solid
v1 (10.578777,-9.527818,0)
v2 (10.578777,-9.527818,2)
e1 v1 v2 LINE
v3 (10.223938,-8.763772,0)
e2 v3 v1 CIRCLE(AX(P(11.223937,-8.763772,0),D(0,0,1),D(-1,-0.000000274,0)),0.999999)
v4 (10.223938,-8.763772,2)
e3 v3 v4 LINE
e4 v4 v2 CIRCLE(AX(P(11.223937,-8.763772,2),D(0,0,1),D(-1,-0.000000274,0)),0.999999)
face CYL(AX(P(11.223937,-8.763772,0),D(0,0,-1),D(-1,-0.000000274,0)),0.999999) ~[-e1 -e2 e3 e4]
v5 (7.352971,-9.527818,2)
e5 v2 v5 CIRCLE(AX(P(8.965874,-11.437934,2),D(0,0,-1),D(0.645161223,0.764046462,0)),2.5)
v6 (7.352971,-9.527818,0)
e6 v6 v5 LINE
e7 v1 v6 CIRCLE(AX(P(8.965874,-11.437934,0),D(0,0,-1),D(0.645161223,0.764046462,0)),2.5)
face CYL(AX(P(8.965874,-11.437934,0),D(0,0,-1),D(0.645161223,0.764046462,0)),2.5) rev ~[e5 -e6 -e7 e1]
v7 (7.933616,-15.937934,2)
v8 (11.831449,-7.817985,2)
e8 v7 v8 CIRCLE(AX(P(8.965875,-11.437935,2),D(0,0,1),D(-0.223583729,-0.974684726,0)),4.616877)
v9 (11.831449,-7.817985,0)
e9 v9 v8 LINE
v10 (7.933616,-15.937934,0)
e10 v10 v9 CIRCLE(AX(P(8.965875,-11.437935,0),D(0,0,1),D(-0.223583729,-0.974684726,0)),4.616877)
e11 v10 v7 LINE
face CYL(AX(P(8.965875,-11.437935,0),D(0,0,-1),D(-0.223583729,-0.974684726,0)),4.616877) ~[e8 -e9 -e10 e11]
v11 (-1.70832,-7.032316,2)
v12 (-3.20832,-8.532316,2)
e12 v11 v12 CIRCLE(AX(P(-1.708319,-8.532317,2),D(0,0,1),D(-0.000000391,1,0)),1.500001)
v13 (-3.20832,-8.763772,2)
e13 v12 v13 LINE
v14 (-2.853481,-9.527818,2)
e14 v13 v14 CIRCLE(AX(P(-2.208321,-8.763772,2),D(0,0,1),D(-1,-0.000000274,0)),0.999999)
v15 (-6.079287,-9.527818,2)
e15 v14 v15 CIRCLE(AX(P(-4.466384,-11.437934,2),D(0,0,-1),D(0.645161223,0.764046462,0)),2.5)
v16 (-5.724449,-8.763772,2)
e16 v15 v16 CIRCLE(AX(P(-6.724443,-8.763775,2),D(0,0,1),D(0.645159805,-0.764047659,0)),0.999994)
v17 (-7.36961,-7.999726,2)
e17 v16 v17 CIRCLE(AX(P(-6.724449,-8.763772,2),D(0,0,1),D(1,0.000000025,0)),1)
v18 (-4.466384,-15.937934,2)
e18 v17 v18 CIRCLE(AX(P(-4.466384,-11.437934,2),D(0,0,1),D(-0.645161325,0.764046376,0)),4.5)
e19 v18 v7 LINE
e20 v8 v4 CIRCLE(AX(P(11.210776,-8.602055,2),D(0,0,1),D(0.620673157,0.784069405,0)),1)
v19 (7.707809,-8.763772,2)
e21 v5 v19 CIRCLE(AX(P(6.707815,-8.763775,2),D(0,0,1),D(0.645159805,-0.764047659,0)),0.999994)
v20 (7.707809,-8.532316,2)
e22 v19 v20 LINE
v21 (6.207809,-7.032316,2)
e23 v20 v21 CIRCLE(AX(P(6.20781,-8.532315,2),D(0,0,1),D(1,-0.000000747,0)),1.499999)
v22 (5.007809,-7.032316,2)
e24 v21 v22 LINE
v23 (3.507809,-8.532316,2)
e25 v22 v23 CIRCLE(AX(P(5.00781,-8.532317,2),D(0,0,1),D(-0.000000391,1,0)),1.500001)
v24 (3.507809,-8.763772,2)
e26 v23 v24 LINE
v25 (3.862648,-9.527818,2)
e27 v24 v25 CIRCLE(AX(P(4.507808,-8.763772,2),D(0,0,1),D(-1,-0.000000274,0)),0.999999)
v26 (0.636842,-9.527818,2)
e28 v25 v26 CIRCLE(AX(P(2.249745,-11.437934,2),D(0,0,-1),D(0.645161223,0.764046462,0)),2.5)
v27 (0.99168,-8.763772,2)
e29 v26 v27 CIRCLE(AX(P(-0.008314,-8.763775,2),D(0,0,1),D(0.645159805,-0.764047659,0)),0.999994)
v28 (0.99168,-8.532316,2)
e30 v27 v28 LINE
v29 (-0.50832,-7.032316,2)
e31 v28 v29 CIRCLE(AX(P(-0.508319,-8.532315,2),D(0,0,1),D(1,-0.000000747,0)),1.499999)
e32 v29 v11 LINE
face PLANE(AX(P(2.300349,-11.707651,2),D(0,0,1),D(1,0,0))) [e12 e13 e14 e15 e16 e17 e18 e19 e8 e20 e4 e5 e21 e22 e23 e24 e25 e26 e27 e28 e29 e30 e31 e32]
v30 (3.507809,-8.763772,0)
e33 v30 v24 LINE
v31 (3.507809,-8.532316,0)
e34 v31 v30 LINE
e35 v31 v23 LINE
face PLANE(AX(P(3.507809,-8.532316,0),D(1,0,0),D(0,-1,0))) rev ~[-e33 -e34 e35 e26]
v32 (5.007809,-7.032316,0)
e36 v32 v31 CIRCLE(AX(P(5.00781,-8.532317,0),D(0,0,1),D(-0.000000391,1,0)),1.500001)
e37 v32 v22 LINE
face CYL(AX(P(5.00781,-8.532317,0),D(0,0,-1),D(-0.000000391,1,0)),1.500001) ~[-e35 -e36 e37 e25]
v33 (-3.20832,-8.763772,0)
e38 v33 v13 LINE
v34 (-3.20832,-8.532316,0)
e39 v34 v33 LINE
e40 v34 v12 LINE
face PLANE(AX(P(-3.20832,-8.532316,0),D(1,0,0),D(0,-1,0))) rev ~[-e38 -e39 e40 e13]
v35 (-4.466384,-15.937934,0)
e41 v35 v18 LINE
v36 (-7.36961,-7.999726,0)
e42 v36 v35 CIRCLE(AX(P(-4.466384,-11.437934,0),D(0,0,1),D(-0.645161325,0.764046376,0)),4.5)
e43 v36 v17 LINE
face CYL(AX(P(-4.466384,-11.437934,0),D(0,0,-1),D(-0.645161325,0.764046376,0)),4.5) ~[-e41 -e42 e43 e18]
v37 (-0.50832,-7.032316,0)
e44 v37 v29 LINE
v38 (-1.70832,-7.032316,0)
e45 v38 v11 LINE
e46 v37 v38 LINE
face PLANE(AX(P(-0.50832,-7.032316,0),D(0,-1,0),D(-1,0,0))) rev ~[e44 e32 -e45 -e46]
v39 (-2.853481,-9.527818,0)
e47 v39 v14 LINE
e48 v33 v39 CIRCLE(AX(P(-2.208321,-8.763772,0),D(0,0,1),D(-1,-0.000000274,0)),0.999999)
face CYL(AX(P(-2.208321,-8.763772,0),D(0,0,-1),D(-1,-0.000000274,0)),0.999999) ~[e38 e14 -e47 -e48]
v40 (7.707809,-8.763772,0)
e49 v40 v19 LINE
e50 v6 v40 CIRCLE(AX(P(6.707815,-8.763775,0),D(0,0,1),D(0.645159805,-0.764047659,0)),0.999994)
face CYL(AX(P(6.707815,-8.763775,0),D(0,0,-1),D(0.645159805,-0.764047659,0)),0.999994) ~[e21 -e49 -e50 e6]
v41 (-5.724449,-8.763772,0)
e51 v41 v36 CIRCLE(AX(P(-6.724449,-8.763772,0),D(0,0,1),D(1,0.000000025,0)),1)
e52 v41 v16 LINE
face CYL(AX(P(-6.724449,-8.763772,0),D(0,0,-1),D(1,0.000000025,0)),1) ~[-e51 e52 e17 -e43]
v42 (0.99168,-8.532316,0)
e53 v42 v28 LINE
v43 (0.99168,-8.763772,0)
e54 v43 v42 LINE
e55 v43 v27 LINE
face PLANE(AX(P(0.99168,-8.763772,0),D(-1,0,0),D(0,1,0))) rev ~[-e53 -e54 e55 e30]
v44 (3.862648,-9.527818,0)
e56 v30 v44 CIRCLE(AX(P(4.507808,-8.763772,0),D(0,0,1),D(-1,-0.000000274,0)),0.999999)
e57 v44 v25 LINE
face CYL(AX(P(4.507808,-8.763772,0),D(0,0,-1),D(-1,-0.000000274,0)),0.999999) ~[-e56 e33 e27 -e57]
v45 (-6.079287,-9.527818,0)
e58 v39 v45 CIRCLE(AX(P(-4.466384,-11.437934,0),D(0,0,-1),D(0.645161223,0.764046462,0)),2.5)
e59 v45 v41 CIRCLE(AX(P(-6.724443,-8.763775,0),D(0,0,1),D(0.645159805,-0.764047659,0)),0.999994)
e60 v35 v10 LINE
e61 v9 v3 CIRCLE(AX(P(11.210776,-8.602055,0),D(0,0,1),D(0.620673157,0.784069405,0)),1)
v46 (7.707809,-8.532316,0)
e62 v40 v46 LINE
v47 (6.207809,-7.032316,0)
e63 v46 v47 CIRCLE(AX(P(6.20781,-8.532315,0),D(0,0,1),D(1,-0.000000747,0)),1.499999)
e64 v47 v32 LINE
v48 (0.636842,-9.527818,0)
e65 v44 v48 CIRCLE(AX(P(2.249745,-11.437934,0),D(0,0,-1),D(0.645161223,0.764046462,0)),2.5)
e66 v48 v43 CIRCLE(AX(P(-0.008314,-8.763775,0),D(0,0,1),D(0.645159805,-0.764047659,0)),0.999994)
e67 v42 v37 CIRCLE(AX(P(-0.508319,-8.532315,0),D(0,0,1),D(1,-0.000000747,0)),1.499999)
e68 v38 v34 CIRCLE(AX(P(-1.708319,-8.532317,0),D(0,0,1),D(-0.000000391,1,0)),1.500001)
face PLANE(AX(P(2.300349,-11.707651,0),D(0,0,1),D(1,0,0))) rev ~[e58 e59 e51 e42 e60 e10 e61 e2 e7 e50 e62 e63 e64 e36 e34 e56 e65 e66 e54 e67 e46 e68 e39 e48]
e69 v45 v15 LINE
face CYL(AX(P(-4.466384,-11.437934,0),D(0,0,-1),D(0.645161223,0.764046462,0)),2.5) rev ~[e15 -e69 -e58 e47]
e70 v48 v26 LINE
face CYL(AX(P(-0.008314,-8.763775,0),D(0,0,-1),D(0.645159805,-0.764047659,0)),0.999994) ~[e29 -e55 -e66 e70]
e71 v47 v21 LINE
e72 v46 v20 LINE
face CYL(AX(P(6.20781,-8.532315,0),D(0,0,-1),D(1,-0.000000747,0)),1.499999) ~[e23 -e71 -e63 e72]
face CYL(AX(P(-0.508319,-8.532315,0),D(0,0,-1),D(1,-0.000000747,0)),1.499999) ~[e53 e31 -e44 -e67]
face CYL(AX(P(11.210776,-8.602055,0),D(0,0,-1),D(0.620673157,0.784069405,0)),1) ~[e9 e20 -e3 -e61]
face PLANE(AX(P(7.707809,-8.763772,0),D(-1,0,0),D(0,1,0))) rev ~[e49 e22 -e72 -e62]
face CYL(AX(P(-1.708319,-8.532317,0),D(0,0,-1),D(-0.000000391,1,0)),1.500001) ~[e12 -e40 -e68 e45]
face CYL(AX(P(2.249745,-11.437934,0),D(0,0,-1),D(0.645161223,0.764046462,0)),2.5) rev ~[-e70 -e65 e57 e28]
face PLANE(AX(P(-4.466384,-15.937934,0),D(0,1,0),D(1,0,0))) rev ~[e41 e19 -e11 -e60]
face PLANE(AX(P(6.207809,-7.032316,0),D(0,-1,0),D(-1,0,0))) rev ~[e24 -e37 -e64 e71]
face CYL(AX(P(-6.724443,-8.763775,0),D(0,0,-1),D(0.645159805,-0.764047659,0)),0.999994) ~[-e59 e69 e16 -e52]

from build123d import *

# Parameters (mm, degrees)
F1_DEPTH = 2


with BuildPart() as f1:
    # F0 (on Top) → F1 (new body)
    with BuildSketch(Plane.XY):
        with BuildLine():
            ThreePointArc((-2.853481, -9.527818), (-4.466384, -13.937934), (-6.079287, -9.527818))
            ThreePointArc((-6.079287, -9.527818), (-5.817486, -9.184984), (-5.724449, -8.763772))
            ThreePointArc((-5.724449, -8.763772), (-6.303237, -7.85681), (-7.36961, -7.999726))
            ThreePointArc((-7.36961, -7.999726), (-8.692608, -12.983583), (-4.466384, -15.937934))
            Line((-4.466384, -15.937934), (7.933616, -15.937934))
            ThreePointArc((7.933616, -15.937934), (13.128044, -13.435908), (11.831449, -7.817985))
            ThreePointArc((11.831449, -7.817985), (10.703679, -7.740165), (10.223938, -8.763772))
            ThreePointArc((10.223938, -8.763772), (10.316976, -9.184984), (10.578777, -9.527818))
            ThreePointArc((10.578777, -9.527818), (8.965874, -13.937934), (7.352971, -9.527818))
            ThreePointArc((7.352971, -9.527818), (7.614772, -9.184984), (7.707809, -8.763772))
            Line((7.707809, -8.763772), (7.707809, -8.532316))
            ThreePointArc((7.707809, -8.532316), (7.26847, -7.471656), (6.207809, -7.032316))
            Line((6.207809, -7.032316), (5.007809, -7.032316))
            ThreePointArc((5.007809, -7.032316), (3.947149, -7.471656), (3.507809, -8.532316))
            Line((3.507809, -8.532316), (3.507809, -8.763772))
            ThreePointArc((3.507809, -8.763772), (3.600847, -9.184984), (3.862648, -9.527818))
            ThreePointArc((3.862648, -9.527818), (2.249745, -13.937934), (0.636842, -9.527818))
            ThreePointArc((0.636842, -9.527818), (0.898643, -9.184984), (0.99168, -8.763772))
            Line((0.99168, -8.763772), (0.99168, -8.532316))
            ThreePointArc((0.99168, -8.532316), (0.552341, -7.471656), (-0.50832, -7.032316))
            Line((-0.50832, -7.032316), (-1.70832, -7.032316))
            ThreePointArc((-1.70832, -7.032316), (-2.76898, -7.471656), (-3.20832, -8.532316))
            Line((-3.20832, -8.532316), (-3.20832, -8.763772))
            ThreePointArc((-3.20832, -8.763772), (-3.115282, -9.184984), (-2.853481, -9.527818))
        make_face()
    extrude(amount=F1_DEPTH)


solid = f1.part
